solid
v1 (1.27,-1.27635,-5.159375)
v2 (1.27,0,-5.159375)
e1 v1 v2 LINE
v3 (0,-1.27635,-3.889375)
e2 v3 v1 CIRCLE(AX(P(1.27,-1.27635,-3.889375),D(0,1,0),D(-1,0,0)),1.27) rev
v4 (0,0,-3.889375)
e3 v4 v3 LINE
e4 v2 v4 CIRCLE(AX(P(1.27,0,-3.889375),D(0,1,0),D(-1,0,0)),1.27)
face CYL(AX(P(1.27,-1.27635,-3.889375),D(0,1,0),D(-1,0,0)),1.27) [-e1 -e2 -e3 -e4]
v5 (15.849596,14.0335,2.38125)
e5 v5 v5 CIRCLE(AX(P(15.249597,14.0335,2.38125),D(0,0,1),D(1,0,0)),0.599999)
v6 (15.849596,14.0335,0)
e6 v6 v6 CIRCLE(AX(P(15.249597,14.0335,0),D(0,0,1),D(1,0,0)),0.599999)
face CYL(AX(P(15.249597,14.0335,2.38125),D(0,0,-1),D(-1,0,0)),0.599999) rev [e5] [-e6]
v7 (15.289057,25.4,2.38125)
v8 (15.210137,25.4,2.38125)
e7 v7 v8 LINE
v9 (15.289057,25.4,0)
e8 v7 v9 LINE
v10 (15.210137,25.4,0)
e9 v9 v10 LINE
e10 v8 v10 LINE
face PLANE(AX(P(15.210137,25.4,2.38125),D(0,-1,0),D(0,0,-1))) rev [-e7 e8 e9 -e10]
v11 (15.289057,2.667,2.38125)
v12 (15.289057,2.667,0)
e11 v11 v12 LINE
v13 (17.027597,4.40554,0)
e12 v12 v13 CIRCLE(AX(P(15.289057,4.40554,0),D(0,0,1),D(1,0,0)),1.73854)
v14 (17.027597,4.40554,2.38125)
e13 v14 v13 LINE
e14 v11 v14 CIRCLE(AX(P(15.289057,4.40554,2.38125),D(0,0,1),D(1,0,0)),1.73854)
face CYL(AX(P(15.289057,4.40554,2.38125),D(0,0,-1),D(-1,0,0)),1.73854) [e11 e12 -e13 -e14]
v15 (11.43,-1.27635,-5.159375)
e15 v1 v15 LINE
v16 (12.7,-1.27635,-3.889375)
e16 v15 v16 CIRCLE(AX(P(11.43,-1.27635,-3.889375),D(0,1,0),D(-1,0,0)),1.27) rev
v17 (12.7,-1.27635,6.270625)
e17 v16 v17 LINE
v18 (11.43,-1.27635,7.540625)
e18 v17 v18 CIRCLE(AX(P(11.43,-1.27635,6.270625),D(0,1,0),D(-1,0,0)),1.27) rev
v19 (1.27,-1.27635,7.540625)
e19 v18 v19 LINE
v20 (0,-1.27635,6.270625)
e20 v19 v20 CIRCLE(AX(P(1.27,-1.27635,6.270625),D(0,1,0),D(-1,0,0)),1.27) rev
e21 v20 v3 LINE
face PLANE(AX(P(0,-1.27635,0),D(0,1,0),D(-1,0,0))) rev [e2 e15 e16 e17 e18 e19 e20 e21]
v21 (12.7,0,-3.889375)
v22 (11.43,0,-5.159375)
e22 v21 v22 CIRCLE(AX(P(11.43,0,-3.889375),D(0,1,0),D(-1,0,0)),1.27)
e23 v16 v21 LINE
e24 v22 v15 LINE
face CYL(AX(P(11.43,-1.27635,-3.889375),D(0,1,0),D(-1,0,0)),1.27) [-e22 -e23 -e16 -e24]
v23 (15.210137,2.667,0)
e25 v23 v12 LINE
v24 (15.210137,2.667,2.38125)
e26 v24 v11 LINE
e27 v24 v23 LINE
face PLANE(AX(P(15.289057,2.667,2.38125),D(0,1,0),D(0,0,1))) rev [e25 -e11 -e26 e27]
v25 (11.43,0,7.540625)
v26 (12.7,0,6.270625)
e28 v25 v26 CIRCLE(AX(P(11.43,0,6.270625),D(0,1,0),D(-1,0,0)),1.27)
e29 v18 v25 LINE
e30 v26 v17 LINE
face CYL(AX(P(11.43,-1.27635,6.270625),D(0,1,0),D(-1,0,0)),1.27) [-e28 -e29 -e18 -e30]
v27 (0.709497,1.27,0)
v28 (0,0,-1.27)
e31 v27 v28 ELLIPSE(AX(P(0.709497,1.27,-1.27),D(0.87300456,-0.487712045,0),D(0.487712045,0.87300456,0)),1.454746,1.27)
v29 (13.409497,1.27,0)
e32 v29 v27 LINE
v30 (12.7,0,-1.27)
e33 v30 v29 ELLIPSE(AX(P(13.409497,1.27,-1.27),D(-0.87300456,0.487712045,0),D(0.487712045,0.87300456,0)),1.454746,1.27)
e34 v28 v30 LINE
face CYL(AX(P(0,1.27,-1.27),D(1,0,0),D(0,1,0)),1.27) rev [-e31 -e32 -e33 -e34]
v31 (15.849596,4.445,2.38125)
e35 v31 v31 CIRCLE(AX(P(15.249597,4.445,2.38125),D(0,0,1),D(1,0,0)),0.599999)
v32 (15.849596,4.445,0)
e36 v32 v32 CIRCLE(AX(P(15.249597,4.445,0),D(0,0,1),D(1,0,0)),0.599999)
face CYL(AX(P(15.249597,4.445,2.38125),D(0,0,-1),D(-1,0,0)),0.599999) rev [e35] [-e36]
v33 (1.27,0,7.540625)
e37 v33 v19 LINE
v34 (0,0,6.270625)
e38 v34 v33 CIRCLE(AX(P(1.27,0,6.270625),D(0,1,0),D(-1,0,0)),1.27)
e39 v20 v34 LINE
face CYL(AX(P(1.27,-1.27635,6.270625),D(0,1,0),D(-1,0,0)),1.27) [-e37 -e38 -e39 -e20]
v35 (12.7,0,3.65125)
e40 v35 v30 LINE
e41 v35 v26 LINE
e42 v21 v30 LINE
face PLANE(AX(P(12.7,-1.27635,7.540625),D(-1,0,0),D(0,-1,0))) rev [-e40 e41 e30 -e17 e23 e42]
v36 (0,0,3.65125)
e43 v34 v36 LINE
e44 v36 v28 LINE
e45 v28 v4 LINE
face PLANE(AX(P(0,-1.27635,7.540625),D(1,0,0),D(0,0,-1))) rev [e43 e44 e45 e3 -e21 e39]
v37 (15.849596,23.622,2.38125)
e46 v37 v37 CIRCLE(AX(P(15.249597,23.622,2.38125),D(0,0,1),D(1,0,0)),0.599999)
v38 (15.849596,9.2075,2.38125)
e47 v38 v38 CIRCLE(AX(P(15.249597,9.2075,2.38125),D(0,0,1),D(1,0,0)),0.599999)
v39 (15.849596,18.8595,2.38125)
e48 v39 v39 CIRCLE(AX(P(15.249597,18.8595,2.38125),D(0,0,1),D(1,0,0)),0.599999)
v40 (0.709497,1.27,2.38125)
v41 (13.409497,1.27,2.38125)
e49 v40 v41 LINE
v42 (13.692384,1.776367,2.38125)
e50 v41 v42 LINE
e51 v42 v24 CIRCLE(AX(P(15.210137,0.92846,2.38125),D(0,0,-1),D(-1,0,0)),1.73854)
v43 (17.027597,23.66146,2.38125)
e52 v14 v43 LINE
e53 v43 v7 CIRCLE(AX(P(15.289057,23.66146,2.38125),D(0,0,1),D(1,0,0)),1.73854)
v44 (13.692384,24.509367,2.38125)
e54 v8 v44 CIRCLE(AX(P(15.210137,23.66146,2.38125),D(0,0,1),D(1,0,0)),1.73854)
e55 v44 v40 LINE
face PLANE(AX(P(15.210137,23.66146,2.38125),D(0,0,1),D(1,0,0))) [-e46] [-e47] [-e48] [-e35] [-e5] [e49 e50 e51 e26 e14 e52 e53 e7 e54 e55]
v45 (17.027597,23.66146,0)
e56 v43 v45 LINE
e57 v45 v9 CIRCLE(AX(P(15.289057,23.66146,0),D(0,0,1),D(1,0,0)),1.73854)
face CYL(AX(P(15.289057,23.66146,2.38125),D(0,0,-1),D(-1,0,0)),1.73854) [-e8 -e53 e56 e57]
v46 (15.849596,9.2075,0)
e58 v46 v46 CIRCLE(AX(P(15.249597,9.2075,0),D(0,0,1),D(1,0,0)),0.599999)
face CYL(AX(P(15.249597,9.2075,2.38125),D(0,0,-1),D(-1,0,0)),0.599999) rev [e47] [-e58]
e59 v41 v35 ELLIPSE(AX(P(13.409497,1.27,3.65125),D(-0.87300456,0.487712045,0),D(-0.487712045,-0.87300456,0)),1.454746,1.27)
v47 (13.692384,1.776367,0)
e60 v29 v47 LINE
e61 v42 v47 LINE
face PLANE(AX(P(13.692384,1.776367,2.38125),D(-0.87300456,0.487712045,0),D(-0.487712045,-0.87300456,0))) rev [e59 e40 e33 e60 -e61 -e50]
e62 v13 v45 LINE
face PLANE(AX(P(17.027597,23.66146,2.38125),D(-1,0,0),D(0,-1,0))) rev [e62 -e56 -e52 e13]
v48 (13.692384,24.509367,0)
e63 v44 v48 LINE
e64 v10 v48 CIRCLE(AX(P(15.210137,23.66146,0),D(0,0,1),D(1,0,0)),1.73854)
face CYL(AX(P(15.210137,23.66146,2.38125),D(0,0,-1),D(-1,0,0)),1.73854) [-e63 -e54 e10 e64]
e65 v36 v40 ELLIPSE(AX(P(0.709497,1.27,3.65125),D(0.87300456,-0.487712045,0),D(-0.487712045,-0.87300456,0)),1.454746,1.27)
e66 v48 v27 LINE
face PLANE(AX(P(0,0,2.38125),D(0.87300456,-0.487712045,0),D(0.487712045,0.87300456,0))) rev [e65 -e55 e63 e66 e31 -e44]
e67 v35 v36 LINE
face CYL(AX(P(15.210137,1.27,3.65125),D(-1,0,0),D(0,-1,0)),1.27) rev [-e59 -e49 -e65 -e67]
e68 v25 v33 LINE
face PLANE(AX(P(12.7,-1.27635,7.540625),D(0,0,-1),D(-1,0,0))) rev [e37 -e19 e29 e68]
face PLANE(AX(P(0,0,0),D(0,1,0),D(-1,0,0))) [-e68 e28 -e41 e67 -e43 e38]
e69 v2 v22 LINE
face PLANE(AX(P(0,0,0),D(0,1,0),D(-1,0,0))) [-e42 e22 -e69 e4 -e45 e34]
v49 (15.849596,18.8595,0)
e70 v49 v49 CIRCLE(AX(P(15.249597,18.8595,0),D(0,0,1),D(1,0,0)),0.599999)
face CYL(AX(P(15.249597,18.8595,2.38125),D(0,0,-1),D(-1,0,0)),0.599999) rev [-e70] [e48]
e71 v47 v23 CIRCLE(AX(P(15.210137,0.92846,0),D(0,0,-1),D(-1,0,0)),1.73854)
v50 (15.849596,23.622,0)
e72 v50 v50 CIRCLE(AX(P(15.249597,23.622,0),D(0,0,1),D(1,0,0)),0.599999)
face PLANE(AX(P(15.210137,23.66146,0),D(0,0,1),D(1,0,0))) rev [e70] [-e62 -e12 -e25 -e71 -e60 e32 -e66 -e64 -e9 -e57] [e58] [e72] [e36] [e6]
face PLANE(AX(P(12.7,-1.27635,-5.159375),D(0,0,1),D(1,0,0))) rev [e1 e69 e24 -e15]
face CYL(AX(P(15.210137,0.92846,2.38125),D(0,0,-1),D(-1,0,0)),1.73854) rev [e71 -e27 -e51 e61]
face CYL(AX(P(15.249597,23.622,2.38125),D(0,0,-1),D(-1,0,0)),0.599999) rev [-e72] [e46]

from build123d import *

# Parameters (mm, degrees)
SKETCH1_R           = 0.5999988
BOSS_EXTRUDE1_DEPTH = 2.38125
SKETCH2_W           = 12.7
SKETCH2_H           = 12.7
BOSS_EXTRUDE2_DEPTH = 1.27635
FILLET1_R           = 1.27


with BuildPart() as part:
    # Sketch1 → Boss-Extrude1 (new body)
    with BuildSketch(Plane.XY):
        with BuildLine():
            Line((0, 0), (13.692383752, 24.509366916))
            ThreePointArc((13.692383752, 24.509366916), (14.330250369, 25.160900132), (15.210137069, 25.4))
            Line((15.210137069, 25.4), (15.289057138, 25.4))
            ThreePointArc((15.289057138, 25.4), (16.518390537, 24.890793433), (17.027597104, 23.661460034))
            Line((17.027597104, 23.661460034), (17.027597104, 4.405539966))
            ThreePointArc((17.027597104, 4.405539966), (16.518390537, 3.176206567), (15.289057138, 2.667))
            Line((15.289057138, 2.667), (15.210137069, 2.667))
            ThreePointArc((15.210137069, 2.667), (14.330250369, 2.427900132), (13.692383752, 1.776366916))
            Line((13.692383752, 1.776366916), (12.7, 0))
            Line((12.7, 0), (0, 0))
        make_face()
        with Locations((15.249597104, 4.445)):
            Circle(SKETCH1_R, mode=Mode.SUBTRACT)
        with Locations((15.249597104, 23.622)):
            Circle(SKETCH1_R, mode=Mode.SUBTRACT)
        with Locations((15.249597104, 14.0335)):
            Circle(SKETCH1_R, mode=Mode.SUBTRACT)
        with Locations((15.249597104, 18.8595)):
            Circle(SKETCH1_R, mode=Mode.SUBTRACT)
        with Locations((15.249597104, 9.2075)):
            Circle(SKETCH1_R, mode=Mode.SUBTRACT)
    extrude(amount=BOSS_EXTRUDE1_DEPTH)

    # Sketch2 → Boss-Extrude2 (add)
    with BuildSketch(Plane.XZ):
        with Locations((6.35, 1.190625)):
            Rectangle(SKETCH2_W, SKETCH2_H)
    extrude(amount=BOSS_EXTRUDE2_DEPTH)

    # Fillet1
    fillet1_edges = [part.edges().sort_by_distance(p)[0] for p in [
        (6.35, 0, 0),
        (6.35, 0, 2.38125),
        (12.7, -0.638175, 7.540625),
        (12.7, -0.638175, -5.159375),
        (0, -0.638175, -5.159375),
        (0, -0.638175, 7.540625),
    ]]
    fillet(fillet1_edges, radius=FILLET1_R)


solid = part.part
